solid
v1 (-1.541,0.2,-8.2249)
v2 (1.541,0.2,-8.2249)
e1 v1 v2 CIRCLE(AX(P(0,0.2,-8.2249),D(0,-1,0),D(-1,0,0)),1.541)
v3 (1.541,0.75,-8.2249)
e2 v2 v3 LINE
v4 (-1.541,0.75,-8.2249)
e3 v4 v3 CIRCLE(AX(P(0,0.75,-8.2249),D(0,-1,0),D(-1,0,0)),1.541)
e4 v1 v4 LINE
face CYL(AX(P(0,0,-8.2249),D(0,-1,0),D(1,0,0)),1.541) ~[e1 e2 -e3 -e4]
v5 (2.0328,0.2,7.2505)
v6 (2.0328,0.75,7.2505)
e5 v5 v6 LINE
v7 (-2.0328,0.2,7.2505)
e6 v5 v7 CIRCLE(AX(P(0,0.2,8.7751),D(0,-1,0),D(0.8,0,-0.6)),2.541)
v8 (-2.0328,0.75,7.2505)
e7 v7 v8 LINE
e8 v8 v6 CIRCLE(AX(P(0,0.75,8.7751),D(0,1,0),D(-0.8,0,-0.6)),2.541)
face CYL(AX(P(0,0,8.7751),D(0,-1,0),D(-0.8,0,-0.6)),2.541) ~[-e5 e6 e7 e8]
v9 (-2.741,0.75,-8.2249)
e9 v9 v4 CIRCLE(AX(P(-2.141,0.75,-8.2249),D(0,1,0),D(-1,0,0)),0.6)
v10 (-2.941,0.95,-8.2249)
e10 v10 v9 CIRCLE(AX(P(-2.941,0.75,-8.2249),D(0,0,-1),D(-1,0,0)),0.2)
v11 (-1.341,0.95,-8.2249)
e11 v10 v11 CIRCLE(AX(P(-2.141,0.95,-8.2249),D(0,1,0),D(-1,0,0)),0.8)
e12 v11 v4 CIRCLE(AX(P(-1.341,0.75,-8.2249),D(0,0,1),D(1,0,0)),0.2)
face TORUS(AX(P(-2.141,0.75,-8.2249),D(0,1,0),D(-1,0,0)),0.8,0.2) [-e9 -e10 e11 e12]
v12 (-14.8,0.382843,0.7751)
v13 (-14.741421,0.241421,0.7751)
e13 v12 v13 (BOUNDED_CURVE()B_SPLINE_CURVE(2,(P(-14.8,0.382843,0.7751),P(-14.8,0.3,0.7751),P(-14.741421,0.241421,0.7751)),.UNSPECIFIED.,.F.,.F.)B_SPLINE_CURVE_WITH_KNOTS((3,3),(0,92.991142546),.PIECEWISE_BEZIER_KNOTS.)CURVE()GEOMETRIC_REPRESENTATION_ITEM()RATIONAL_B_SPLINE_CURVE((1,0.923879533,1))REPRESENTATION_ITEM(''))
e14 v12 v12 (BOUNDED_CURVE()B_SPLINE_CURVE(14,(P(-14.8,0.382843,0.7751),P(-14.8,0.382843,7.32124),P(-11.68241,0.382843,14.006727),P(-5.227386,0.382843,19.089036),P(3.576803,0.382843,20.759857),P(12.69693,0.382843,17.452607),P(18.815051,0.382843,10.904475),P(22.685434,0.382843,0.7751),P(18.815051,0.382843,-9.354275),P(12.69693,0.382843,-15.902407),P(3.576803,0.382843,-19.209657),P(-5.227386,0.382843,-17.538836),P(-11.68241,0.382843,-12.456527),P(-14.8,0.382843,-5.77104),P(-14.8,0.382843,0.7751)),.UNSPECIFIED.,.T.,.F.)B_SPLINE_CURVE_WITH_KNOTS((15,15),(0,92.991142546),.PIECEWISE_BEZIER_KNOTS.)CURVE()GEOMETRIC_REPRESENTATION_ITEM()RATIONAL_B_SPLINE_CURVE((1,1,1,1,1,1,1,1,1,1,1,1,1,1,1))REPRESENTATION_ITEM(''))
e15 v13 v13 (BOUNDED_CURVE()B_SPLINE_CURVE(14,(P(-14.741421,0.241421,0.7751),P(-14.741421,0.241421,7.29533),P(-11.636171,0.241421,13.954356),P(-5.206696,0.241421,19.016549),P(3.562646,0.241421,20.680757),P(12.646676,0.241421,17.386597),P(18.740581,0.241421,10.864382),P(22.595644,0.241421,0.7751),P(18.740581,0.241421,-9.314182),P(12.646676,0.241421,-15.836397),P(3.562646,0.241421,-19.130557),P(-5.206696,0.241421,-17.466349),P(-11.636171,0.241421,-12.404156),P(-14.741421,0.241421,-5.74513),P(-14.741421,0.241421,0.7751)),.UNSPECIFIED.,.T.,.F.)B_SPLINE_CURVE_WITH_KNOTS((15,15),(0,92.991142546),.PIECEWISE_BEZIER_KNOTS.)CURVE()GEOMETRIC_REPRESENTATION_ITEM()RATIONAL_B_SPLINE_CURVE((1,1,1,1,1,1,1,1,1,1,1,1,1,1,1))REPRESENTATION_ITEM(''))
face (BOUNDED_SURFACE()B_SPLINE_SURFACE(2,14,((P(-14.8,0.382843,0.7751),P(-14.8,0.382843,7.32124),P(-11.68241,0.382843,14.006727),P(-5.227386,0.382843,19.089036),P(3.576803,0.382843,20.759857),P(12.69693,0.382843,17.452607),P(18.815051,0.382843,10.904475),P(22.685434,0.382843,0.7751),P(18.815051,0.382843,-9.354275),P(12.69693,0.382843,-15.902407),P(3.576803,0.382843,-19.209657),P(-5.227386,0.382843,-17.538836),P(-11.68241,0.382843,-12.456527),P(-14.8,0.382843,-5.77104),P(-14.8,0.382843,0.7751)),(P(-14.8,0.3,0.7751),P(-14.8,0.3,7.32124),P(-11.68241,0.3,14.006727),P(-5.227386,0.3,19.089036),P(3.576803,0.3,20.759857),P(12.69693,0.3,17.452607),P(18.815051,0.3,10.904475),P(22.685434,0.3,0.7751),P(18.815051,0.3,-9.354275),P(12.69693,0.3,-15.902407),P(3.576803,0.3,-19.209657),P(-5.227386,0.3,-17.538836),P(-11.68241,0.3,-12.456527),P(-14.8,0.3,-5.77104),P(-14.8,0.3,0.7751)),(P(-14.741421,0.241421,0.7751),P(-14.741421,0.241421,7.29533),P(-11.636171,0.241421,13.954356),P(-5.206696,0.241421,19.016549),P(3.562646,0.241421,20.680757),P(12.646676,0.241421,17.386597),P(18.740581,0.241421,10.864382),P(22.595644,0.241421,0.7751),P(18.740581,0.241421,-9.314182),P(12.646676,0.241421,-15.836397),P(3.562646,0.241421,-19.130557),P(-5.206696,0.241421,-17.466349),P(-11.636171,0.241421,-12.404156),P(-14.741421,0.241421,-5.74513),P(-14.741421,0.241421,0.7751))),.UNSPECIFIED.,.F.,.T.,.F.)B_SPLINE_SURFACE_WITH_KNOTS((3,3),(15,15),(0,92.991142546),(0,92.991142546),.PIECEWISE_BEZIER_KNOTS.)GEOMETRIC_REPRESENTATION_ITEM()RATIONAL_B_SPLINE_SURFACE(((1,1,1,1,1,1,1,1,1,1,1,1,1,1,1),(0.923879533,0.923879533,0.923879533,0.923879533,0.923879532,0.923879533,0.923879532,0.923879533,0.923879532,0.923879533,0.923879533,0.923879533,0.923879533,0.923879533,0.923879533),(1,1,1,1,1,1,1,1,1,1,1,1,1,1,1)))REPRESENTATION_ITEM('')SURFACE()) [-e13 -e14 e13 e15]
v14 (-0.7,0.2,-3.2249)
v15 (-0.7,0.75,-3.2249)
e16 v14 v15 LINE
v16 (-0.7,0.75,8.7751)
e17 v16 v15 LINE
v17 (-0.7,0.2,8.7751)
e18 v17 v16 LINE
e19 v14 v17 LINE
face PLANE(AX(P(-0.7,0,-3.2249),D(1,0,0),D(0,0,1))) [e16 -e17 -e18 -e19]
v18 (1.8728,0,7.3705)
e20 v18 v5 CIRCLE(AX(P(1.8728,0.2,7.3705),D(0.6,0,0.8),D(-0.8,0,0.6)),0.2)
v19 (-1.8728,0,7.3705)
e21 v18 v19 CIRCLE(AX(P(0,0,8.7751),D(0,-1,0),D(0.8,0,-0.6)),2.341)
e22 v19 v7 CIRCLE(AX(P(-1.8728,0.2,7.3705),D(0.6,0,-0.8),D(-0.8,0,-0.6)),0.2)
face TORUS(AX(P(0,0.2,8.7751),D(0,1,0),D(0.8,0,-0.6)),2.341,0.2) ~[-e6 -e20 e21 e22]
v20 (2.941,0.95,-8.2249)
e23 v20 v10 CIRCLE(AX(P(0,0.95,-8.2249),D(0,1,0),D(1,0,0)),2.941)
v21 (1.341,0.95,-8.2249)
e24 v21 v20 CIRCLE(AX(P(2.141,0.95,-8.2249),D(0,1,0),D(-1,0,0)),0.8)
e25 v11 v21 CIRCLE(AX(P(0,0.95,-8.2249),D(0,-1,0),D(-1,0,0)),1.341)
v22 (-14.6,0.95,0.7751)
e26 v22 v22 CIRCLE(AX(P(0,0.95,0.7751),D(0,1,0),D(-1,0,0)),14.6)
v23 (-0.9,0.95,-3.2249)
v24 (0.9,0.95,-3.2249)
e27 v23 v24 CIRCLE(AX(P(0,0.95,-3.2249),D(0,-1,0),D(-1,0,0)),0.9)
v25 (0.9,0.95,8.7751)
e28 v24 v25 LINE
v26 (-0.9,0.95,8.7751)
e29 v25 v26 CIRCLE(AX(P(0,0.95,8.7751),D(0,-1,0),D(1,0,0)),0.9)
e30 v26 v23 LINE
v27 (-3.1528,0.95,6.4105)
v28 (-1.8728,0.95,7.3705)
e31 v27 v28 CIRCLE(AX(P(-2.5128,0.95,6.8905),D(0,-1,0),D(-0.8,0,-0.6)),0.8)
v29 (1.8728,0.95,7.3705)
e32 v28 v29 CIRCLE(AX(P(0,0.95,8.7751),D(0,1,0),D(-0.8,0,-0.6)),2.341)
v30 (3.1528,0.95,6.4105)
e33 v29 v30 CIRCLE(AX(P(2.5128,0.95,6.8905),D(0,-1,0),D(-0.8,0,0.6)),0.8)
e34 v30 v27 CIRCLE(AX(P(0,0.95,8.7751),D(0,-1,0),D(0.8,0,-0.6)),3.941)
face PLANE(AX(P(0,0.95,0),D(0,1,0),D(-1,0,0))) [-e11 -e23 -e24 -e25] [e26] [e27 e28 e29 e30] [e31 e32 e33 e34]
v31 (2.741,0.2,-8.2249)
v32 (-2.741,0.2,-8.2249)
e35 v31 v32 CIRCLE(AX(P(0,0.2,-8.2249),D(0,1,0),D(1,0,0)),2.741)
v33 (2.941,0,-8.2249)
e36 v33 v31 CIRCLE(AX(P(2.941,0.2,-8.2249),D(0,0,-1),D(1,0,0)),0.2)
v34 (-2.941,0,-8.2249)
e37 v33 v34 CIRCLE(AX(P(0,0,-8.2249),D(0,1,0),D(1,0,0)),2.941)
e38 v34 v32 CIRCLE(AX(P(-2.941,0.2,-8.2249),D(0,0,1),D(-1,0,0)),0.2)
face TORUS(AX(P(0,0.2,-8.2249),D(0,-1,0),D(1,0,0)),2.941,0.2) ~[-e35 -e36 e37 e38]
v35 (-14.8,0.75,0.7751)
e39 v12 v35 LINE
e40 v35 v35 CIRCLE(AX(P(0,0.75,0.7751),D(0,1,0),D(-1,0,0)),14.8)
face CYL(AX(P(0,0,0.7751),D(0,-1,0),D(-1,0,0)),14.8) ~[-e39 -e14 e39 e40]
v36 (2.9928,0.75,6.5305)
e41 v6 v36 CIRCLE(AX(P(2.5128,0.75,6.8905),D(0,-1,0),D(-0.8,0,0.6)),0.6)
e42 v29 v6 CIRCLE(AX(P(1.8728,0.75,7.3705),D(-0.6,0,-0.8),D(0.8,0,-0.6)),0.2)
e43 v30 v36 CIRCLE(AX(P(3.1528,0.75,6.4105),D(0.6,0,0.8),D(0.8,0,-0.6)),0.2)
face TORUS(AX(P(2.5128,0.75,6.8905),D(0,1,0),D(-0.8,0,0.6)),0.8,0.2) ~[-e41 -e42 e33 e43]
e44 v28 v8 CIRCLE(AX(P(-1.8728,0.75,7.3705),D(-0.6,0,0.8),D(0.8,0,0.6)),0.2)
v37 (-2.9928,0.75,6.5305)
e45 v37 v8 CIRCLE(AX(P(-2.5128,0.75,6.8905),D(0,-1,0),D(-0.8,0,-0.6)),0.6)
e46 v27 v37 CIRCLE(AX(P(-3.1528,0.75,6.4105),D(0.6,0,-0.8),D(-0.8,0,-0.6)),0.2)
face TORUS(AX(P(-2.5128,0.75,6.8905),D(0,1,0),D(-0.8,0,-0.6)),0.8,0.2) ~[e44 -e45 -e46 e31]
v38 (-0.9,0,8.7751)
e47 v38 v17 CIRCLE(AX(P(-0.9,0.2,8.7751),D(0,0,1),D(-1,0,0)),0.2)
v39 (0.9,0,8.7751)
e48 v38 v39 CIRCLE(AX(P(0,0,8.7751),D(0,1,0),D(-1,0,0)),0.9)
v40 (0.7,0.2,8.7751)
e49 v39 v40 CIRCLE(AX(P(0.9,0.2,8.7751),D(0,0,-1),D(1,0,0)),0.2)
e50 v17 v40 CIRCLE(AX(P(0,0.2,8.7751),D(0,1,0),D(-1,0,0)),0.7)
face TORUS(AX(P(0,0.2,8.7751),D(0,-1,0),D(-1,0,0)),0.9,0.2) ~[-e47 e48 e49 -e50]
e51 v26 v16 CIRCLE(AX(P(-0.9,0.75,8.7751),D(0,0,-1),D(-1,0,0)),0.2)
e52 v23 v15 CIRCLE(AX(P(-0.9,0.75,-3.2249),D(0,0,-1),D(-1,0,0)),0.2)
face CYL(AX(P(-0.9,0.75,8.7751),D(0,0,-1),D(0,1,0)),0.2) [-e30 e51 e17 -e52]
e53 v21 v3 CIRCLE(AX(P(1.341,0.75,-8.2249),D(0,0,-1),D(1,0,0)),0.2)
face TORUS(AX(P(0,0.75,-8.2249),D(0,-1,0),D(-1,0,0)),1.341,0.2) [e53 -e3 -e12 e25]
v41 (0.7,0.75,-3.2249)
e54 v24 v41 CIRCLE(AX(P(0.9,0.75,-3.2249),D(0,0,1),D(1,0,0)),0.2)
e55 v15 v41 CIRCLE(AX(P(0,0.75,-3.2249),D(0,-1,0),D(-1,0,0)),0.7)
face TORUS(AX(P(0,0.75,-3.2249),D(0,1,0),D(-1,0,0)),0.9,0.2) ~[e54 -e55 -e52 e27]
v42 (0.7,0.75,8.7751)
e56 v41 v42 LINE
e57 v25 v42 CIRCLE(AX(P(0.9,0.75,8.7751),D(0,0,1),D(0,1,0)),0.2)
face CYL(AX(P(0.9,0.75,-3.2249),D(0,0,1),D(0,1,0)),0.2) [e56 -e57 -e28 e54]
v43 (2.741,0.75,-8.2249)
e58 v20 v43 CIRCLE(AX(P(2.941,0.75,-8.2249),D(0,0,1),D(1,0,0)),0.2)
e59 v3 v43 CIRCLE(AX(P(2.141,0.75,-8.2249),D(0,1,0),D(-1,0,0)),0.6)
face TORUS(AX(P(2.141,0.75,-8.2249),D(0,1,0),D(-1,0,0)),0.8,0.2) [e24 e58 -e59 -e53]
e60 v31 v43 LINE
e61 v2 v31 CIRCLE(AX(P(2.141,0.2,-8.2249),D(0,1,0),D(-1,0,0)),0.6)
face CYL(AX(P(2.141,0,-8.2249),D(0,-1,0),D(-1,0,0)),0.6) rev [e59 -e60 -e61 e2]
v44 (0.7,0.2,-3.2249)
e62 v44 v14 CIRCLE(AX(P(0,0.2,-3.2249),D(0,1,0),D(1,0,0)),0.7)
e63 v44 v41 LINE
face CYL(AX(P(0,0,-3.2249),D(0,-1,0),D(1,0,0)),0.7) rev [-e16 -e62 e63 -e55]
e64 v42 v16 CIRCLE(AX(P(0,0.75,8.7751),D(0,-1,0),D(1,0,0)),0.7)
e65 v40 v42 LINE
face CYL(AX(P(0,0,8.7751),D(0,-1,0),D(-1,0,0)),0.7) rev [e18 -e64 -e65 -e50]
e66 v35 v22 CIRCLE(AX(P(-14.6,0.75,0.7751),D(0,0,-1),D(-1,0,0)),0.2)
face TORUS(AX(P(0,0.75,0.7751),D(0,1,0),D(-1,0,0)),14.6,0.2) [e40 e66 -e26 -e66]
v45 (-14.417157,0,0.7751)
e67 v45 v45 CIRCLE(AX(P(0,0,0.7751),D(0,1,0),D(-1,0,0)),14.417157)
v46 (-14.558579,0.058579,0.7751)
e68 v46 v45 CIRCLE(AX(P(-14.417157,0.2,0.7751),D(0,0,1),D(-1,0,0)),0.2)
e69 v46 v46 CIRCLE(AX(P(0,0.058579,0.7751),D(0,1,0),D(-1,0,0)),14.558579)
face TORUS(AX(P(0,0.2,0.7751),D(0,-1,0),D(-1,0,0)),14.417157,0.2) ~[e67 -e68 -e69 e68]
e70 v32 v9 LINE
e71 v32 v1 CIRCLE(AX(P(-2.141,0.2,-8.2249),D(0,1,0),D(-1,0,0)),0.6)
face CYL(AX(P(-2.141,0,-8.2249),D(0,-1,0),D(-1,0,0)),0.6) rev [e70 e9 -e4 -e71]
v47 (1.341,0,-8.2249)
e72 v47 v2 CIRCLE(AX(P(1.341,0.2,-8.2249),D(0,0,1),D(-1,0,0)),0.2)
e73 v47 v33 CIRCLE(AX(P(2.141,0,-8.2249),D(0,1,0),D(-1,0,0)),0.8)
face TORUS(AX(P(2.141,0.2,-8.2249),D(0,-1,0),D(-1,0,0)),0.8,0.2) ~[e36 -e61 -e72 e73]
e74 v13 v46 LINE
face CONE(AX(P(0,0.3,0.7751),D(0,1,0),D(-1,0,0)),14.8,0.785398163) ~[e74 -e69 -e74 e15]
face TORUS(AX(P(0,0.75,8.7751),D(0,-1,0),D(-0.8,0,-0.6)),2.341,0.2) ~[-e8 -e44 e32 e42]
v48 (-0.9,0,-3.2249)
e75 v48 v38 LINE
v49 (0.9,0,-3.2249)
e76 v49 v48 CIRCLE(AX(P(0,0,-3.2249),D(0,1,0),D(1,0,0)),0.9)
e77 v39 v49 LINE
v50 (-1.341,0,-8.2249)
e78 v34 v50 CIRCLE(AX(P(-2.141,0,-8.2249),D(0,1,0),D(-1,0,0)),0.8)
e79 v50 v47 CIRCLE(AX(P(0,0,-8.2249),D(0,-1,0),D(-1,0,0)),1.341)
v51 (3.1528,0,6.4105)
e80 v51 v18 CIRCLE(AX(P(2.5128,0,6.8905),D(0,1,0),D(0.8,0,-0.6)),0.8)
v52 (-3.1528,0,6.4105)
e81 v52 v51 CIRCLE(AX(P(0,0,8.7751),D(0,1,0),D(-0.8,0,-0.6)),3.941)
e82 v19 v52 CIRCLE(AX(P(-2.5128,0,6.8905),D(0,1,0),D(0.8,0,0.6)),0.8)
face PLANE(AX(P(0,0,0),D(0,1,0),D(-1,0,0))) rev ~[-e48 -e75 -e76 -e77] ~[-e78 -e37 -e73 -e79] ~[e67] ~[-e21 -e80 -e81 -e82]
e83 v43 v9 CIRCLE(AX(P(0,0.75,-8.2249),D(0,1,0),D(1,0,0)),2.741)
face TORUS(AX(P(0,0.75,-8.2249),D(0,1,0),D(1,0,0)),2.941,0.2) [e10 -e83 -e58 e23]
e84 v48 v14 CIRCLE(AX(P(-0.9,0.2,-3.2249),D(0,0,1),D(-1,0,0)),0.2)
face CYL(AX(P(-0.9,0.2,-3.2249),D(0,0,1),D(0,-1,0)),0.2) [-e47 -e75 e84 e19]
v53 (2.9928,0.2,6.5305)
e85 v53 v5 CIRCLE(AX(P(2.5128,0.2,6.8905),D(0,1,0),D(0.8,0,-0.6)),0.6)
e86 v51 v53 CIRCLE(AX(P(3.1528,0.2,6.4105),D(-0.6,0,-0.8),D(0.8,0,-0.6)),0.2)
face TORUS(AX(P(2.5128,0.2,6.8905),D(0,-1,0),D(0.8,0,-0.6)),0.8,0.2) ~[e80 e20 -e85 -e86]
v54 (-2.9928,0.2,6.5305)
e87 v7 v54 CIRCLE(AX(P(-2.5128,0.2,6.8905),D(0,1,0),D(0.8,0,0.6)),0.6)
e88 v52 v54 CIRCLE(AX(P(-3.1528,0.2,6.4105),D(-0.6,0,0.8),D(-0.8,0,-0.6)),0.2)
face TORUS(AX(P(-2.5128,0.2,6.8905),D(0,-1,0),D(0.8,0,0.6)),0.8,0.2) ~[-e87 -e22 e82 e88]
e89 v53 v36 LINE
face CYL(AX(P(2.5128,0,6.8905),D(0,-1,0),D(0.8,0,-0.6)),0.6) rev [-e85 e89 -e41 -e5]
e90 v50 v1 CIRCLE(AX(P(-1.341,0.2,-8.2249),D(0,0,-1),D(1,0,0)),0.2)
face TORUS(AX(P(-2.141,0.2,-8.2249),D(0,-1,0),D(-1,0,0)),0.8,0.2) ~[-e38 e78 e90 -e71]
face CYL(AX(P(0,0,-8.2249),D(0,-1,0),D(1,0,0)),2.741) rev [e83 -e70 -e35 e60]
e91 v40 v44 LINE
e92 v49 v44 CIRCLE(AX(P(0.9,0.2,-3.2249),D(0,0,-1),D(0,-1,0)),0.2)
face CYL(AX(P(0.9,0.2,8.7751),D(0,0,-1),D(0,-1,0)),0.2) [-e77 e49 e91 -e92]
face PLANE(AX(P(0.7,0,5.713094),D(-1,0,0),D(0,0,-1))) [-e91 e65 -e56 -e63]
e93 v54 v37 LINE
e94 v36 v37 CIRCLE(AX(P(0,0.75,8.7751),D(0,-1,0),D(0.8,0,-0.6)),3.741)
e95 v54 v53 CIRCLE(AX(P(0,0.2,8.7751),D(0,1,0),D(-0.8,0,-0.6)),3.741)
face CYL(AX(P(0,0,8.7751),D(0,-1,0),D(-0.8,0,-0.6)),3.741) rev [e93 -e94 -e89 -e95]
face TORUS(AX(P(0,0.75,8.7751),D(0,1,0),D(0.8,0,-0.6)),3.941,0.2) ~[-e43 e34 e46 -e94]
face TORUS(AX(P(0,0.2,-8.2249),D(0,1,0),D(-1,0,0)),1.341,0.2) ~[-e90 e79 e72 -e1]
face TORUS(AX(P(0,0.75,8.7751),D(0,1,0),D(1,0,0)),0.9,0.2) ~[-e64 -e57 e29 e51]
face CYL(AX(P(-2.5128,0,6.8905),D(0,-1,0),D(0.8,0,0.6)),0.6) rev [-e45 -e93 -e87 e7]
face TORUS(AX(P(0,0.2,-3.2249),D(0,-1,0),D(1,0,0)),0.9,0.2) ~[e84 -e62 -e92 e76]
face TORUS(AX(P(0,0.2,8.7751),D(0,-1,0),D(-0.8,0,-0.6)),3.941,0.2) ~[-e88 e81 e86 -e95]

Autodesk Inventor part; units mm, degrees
ref_plane "YZ Plane" through (0, 0, 0) normal (1, 0, 0) x (0, 1, 0)
ref_plane "XZ Plane" through (0, 0, 0) normal (0, 1, 0) x (-1, 0, 0)
ref_plane "XY Plane" through (0, 0, 0) normal (0, 0, 1) x (1, 0, 0)
sketch "Sketch1" plane through (0, 0, 0) normal (0, 1, 0) x (-1, 0, 0)
  circle A0 centre (0, 0.7751) radius 14.8
  line L0 (0, 0.7751) -> (0, 2.7751)
  line L1 (0, 8.7751) -> (0, -3.2249) construction
  line L2 (-0.7, 8.7751) -> (-0.7, -3.2249)
  line L3 (0.7, -3.2249) -> (0.7, 8.7751)
  arc A1 (0.7, 8.7751) -> (-0.7, 8.7751) centre (0, 8.7751) ccw
  arc A2 (-0.7, -3.2249) -> (0.7, -3.2249) centre (0, -3.2249) ccw
  circle A3 centre (0, 8.7751) radius 3.141
  line L4 (0, 8.7751) -> (-2.5128, 6.8905)
  line L5 (0, 8.7751) -> (2.5128, 6.8905)
  arc A4 (2.5128, 6.8905) -> (-2.5128, 6.8905) centre (0, 8.7751) ccw construction
  arc A5 (2.9928, 6.5305) -> (-2.9928, 6.5305) centre (0, 8.7751) ccw
  arc A6 (2.0328, 7.2505) -> (-2.0328, 7.2505) centre (0, 8.7751) ccw
  arc A7 (2.0328, 7.2505) -> (2.9928, 6.5305) centre (2.5128, 6.8905) ccw
  arc A8 (-2.9928, 6.5305) -> (-2.0328, 7.2505) centre (-2.5128, 6.8905) ccw
  line L6 (0, 0.7751) -> (-2.141, 0.7751)
  line L7 (-2.141, 0.7751) -> (-2.141, -8.2249)
  line L8 (-2.141, -8.2249) -> (0, -8.2249)
  line L9 (0, -8.2249) -> (0, 0.7751)
  arc A9 (-2.141, -8.2249) -> (2.141, -8.2249) centre (0, -8.2249) ccw construction
  arc A10 (-2.741, -8.2249) -> (2.741, -8.2249) centre (0, -8.2249) ccw
  arc A11 (-1.541, -8.2249) -> (1.541, -8.2249) centre (0, -8.2249) ccw
  arc A12 (-1.541, -8.2249) -> (-2.741, -8.2249) centre (-2.141, -8.2249) ccw
  arc A13 (2.741, -8.2249) -> (1.541, -8.2249) centre (2.141, -8.2249) ccw
  dimension "d0" = 29.6
  dimension "d2" = 2
  dimension "d3" = 0.7
  dimension "d4" = 12
  dimension "d5" = 6.282
  dimension "d6" = 53.13
  dimension "d7" = 106.26
  dimension "d8" = 0.6
  dimension "d9" = 9
  dimension "d10" = 2.141
  dimension "d11" = 0.6
extrude "Extrusion1" add sketch "Sketch1" along normal blind 0.95 contours A0 | L2 L4 A6 L5 L3 A1 | L2 A3 A8 L4 | L5 A7 A3 L3 | L2 A2 L9 L8 A12 L7 L6
chamfer "Chamfer1" distance 0.3 angle 45 1 edges at (14.8, 0, 0.7751)
fillet "Fillet1" radius 0.2 27 edges at (14.8, 0.95, 0.7751) (-2.1528, 0.95, 6.4105) (0, 0.95, 11.3161) (2.1528, 0.95, 6.4105) (0, 0.95, 12.5161) (0, 0.95, -3.9249) (0.7, 0.95, 2.7751) (0, 0.95, 9.4751) (-0.7, 0.95, 2.7751) (-2.141, 0.95, -7.6249) (0, 0.95, -10.9659) (2.141, 0.95, -7.6249) (0, 0.95, -9.7659) (0, 0, 12.5161) (-2.1528, 0, 6.4105) (0, 0, 11.3161) (2.1528, 0, 6.4105) (0, 0, 9.4751) (-0.7, 0, 2.7751) (0, 0, -3.9249) (0.7, 0, 2.7751) (2.141, 0, -7.6249) (0, 0, -9.7659) (-2.141, 0, -7.6249) (0, 0, -10.9659) (14.8, 0.3, 0.7751) (14.5, 0, 0.7751)
properties part number "ChamberWireRunSymbolDisc"
